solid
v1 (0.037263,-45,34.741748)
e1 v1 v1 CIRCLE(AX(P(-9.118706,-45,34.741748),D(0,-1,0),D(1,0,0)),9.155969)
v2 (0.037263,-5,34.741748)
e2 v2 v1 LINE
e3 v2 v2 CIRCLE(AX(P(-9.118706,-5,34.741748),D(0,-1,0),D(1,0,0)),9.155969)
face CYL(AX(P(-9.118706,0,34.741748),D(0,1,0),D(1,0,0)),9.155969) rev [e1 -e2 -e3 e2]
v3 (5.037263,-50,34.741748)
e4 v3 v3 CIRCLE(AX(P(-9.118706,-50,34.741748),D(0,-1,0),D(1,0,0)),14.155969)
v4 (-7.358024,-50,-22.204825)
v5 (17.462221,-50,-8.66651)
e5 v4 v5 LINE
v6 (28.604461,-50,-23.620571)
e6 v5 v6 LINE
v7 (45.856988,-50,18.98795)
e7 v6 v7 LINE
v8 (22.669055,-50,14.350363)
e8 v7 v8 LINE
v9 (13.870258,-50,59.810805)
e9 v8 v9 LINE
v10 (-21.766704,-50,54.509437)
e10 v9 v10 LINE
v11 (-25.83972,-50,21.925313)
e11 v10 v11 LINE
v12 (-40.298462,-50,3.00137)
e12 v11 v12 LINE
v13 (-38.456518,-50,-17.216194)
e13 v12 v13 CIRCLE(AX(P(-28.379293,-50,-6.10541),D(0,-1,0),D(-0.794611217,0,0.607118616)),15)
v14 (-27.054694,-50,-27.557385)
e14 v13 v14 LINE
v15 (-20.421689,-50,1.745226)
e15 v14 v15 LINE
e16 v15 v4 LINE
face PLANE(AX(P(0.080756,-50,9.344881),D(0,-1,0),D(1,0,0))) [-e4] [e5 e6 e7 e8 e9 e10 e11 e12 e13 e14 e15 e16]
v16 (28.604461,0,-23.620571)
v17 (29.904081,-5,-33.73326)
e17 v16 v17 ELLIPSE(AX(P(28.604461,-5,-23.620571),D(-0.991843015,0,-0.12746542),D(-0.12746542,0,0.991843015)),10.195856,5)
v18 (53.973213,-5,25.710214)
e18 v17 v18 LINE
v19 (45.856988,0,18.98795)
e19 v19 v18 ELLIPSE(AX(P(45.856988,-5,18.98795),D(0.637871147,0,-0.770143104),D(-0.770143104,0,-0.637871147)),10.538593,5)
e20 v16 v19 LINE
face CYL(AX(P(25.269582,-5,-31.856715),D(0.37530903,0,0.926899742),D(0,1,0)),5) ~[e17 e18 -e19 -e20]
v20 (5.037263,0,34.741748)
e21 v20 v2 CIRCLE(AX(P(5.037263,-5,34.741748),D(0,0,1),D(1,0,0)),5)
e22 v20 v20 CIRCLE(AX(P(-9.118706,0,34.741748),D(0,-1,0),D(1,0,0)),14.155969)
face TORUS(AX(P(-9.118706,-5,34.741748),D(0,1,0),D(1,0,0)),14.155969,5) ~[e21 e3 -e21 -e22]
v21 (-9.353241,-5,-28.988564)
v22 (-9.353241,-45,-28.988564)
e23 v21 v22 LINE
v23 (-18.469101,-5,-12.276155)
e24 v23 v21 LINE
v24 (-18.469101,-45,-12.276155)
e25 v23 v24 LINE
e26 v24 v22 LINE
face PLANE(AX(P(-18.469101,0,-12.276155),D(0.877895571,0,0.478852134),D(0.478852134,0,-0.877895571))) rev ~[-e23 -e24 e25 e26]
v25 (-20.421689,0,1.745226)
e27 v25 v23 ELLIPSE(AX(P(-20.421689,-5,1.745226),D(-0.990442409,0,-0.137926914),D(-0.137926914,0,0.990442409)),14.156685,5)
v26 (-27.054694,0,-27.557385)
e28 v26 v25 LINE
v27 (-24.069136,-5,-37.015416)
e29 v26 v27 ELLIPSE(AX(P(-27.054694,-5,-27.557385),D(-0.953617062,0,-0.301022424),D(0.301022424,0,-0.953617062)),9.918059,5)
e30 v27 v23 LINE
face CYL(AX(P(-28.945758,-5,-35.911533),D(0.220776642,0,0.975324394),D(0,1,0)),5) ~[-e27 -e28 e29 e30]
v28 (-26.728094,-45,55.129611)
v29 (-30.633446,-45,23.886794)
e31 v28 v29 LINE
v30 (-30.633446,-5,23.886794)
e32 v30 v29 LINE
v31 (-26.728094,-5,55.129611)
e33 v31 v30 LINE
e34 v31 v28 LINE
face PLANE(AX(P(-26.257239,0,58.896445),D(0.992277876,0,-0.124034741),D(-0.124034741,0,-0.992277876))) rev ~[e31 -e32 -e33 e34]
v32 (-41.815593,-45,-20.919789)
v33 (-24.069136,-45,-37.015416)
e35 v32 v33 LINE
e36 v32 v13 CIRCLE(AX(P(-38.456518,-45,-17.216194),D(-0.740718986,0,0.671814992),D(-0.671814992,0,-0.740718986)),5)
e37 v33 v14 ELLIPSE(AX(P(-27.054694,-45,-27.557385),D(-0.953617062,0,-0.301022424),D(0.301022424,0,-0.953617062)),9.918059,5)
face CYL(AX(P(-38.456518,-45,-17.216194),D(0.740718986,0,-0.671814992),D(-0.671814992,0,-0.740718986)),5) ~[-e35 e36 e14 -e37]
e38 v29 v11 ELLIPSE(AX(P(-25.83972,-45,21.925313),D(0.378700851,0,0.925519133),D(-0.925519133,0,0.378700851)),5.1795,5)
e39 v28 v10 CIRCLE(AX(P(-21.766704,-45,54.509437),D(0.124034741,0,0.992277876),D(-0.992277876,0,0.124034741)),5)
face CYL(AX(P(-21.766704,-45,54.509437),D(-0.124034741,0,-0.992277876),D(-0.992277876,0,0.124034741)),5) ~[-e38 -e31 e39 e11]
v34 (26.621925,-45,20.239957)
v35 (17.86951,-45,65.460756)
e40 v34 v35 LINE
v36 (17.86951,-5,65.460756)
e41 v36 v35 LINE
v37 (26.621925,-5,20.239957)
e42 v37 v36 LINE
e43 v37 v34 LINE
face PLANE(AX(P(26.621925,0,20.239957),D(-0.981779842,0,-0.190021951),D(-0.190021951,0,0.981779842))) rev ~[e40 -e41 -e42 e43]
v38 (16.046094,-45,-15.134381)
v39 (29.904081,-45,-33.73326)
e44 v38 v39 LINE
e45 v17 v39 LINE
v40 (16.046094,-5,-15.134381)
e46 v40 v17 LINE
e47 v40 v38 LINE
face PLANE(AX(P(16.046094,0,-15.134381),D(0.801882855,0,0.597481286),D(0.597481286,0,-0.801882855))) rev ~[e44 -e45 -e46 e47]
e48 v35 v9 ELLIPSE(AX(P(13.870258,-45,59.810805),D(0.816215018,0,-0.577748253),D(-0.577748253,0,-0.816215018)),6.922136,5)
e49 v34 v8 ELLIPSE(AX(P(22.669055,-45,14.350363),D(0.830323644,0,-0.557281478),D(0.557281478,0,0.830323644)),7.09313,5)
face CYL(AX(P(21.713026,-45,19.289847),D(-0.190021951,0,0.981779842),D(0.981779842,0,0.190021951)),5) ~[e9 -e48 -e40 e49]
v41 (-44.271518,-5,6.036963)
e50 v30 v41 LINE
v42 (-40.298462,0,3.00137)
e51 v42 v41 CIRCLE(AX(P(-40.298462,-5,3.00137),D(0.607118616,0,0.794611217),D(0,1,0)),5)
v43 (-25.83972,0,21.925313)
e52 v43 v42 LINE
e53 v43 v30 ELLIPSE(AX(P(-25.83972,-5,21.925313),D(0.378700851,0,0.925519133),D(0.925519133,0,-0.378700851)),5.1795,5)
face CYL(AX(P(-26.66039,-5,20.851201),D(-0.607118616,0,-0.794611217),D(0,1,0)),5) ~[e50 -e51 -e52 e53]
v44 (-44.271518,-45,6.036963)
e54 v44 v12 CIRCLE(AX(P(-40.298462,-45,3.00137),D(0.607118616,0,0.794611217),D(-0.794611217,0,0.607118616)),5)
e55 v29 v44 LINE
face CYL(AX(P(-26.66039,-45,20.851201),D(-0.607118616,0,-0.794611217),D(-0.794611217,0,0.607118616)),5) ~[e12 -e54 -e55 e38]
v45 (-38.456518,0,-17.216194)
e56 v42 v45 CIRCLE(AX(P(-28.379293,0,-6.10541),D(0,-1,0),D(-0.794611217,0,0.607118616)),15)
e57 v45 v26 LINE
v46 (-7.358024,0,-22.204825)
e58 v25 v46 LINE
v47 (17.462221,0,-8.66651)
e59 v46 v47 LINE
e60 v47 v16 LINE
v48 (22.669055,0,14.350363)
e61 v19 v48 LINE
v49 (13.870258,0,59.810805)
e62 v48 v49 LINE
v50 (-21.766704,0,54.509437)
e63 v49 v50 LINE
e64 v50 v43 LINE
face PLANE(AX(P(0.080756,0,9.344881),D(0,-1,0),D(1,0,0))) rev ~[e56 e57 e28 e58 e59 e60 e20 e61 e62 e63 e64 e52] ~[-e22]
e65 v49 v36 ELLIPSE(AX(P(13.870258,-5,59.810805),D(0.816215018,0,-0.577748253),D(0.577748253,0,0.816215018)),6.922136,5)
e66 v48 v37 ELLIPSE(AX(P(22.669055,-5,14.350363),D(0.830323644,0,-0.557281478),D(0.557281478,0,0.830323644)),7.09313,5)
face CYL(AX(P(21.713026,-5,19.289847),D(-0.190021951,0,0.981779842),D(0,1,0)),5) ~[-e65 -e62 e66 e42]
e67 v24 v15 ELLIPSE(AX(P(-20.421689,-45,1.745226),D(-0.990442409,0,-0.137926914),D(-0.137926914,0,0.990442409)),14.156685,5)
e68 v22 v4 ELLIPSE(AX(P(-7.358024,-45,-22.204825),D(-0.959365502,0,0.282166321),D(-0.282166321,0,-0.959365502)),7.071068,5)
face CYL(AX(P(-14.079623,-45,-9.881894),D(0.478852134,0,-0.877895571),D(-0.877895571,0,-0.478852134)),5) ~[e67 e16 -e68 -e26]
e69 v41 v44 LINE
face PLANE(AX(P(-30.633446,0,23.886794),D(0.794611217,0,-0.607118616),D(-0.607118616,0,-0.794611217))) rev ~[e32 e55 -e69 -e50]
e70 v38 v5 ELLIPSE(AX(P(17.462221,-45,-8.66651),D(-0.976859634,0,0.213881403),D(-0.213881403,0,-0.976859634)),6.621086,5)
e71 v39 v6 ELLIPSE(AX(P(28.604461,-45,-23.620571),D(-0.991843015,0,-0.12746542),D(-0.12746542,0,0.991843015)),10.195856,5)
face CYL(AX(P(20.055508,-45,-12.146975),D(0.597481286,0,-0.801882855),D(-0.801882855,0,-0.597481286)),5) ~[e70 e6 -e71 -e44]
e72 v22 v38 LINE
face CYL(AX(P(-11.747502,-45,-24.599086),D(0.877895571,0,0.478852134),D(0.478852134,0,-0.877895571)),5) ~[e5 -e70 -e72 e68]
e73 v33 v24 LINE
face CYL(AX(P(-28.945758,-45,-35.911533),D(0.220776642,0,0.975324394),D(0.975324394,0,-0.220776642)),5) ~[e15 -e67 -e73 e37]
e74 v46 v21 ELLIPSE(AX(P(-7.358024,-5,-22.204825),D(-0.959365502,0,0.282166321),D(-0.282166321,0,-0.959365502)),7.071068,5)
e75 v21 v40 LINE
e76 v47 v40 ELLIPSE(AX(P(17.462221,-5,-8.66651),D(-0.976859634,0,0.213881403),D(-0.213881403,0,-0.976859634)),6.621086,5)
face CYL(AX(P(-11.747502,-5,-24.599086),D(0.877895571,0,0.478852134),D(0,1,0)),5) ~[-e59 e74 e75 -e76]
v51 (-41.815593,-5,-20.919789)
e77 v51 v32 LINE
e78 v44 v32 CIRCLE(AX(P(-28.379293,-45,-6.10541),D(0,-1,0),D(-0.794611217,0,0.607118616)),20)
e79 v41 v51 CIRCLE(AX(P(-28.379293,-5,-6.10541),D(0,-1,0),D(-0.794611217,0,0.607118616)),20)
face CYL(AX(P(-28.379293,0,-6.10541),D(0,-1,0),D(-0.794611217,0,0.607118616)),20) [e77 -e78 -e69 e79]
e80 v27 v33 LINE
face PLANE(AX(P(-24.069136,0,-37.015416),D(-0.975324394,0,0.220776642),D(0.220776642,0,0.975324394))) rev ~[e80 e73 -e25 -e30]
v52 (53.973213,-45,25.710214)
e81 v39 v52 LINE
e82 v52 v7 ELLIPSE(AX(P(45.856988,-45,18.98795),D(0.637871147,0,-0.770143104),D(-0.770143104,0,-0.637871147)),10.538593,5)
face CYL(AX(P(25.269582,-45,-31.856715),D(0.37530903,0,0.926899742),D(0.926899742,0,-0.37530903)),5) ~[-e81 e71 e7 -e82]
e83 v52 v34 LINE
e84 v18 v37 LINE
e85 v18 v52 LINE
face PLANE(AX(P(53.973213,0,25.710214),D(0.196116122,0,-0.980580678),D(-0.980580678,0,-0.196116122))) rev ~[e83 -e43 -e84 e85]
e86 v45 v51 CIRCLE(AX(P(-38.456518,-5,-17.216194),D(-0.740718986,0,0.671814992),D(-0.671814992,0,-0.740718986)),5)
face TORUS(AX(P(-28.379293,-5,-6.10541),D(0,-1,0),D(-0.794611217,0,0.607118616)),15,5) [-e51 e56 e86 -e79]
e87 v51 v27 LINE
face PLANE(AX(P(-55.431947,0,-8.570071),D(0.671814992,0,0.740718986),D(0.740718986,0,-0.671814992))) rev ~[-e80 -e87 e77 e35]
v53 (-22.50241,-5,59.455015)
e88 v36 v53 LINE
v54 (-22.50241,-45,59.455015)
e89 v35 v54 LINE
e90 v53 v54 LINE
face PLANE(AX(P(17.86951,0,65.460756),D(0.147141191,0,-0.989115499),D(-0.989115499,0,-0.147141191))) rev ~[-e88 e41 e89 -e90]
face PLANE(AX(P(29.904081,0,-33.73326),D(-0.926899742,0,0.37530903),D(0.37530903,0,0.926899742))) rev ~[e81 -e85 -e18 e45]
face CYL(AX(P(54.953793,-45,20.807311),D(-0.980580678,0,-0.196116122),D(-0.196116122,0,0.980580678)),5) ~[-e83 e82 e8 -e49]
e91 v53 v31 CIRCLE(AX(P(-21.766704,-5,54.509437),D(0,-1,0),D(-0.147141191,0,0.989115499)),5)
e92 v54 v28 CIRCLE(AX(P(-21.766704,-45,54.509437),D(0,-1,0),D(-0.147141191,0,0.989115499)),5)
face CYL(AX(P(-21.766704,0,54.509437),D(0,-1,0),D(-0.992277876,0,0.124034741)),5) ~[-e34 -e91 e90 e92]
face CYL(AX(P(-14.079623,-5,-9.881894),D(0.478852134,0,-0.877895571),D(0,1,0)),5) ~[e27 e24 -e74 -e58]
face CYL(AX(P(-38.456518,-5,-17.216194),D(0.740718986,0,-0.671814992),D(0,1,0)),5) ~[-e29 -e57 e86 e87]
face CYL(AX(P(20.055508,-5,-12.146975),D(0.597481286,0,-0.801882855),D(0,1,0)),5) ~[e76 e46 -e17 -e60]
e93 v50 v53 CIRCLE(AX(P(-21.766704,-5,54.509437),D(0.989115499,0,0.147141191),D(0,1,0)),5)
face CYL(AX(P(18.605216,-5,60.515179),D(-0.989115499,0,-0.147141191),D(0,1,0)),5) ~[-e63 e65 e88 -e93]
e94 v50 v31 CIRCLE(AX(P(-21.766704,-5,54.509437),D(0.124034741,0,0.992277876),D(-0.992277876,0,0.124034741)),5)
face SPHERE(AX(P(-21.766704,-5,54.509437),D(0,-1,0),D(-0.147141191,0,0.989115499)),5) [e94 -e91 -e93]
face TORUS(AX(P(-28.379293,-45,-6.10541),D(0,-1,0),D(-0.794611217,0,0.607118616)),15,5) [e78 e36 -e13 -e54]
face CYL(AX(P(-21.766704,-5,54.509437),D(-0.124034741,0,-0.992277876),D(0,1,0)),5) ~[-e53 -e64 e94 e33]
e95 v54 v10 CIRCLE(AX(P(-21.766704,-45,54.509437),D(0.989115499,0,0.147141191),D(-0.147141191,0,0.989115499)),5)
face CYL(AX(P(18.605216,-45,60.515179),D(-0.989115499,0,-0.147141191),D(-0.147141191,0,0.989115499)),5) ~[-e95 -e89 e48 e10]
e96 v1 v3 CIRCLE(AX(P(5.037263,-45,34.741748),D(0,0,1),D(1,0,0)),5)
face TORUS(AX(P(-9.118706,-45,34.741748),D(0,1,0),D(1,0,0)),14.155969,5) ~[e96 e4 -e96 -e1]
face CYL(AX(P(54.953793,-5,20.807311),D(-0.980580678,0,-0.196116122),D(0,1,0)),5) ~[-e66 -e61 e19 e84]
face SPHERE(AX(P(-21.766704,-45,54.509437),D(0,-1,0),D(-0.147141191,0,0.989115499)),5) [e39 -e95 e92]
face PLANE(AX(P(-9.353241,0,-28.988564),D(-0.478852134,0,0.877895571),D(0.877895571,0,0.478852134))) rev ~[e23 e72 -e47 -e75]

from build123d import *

# Parameters (mm, degrees)
F0_R     = 9.1559693167
F1_DEPTH = 50
F2_R     = 20
F3_R     = 5
F4_R     = 5
F5_R     = 5


with BuildPart() as f1:
    # F0 (on Front) → F1 (new body)
    with BuildSketch(Plane.XZ):
        Polygon((-26.2572392821, 58.8964447379), (-30.6334458292, 23.8867942244), (-55.4319471121, -8.5700713098), (-24.0691360086, -37.0154157281), (-18.469100818, -12.2761549428), (-9.3532412677, -28.9885639891), (16.0460937768, -15.1343811303), (29.9040805548, -33.7332598865), (53.9732128382, 25.7102139294), (26.6219247133, 20.239956677), (17.8695097566, 65.4607564211), align=None)
        with Locations((-9.1187059879, 34.7417481244)):
            Circle(F0_R, mode=Mode.SUBTRACT)
    extrude(amount=F1_DEPTH)

    # F2
    f2_edges = [f1.edges().sort_by_distance(p)[0] for p in [
        (-55.431947, -25, -8.570071),
    ]]
    fillet(f2_edges, radius=F2_R)

    # F3
    f3_edges = [f1.edges().sort_by_distance(p)[0] for p in [
        (-26.257239, -25, 58.896445),
    ]]
    fillet(f3_edges, radius=F3_R)

    # F4
    f4_edges = [f1.edges().sort_by_distance(p)[0] for p in [
        (-37.452482, -50, 14.961878),
        (-48.296803, -50, -7.920016),
        (-2.31645, -50, 62.457885),
        (22.245717, -50, 42.850357),
        (40.297569, -50, 22.975085),
        (-28.68077, -50, 39.508202),
        (-25.343225, -50, 58.003503),
        (-32.942365, -50, -28.967603),
        (-21.269118, -50, -24.645785),
        (41.938647, -50, -4.011523),
        (-13.911171, -50, -20.632359),
        (22.975087, -50, -24.433821),
        (3.346426, -50, -22.061473),
        (-18.274675, -50, 34.741748),
    ]]
    fillet(f4_edges, radius=F4_R)

    # F5
    f5_edges = [f1.edges().sort_by_distance(p)[0] for p in [
        (22.245717, 0, 42.850357),
        (-2.31645, 0, 62.457885),
        (-25.343225, 0, 58.003503),
        (-28.68077, 0, 39.508202),
        (-37.452482, 0, 14.961878),
        (-48.296803, 0, -7.920016),
        (-32.942365, 0, -28.967603),
        (40.297569, 0, 22.975085),
        (-21.269118, 0, -24.645785),
        (41.938647, 0, -4.011523),
        (-13.911171, 0, -20.632359),
        (22.975087, 0, -24.433821),
        (3.346426, 0, -22.061473),
        (-18.274675, 0, 34.741748),
    ]]
    fillet(f5_edges, radius=F5_R)


solid = f1.part
